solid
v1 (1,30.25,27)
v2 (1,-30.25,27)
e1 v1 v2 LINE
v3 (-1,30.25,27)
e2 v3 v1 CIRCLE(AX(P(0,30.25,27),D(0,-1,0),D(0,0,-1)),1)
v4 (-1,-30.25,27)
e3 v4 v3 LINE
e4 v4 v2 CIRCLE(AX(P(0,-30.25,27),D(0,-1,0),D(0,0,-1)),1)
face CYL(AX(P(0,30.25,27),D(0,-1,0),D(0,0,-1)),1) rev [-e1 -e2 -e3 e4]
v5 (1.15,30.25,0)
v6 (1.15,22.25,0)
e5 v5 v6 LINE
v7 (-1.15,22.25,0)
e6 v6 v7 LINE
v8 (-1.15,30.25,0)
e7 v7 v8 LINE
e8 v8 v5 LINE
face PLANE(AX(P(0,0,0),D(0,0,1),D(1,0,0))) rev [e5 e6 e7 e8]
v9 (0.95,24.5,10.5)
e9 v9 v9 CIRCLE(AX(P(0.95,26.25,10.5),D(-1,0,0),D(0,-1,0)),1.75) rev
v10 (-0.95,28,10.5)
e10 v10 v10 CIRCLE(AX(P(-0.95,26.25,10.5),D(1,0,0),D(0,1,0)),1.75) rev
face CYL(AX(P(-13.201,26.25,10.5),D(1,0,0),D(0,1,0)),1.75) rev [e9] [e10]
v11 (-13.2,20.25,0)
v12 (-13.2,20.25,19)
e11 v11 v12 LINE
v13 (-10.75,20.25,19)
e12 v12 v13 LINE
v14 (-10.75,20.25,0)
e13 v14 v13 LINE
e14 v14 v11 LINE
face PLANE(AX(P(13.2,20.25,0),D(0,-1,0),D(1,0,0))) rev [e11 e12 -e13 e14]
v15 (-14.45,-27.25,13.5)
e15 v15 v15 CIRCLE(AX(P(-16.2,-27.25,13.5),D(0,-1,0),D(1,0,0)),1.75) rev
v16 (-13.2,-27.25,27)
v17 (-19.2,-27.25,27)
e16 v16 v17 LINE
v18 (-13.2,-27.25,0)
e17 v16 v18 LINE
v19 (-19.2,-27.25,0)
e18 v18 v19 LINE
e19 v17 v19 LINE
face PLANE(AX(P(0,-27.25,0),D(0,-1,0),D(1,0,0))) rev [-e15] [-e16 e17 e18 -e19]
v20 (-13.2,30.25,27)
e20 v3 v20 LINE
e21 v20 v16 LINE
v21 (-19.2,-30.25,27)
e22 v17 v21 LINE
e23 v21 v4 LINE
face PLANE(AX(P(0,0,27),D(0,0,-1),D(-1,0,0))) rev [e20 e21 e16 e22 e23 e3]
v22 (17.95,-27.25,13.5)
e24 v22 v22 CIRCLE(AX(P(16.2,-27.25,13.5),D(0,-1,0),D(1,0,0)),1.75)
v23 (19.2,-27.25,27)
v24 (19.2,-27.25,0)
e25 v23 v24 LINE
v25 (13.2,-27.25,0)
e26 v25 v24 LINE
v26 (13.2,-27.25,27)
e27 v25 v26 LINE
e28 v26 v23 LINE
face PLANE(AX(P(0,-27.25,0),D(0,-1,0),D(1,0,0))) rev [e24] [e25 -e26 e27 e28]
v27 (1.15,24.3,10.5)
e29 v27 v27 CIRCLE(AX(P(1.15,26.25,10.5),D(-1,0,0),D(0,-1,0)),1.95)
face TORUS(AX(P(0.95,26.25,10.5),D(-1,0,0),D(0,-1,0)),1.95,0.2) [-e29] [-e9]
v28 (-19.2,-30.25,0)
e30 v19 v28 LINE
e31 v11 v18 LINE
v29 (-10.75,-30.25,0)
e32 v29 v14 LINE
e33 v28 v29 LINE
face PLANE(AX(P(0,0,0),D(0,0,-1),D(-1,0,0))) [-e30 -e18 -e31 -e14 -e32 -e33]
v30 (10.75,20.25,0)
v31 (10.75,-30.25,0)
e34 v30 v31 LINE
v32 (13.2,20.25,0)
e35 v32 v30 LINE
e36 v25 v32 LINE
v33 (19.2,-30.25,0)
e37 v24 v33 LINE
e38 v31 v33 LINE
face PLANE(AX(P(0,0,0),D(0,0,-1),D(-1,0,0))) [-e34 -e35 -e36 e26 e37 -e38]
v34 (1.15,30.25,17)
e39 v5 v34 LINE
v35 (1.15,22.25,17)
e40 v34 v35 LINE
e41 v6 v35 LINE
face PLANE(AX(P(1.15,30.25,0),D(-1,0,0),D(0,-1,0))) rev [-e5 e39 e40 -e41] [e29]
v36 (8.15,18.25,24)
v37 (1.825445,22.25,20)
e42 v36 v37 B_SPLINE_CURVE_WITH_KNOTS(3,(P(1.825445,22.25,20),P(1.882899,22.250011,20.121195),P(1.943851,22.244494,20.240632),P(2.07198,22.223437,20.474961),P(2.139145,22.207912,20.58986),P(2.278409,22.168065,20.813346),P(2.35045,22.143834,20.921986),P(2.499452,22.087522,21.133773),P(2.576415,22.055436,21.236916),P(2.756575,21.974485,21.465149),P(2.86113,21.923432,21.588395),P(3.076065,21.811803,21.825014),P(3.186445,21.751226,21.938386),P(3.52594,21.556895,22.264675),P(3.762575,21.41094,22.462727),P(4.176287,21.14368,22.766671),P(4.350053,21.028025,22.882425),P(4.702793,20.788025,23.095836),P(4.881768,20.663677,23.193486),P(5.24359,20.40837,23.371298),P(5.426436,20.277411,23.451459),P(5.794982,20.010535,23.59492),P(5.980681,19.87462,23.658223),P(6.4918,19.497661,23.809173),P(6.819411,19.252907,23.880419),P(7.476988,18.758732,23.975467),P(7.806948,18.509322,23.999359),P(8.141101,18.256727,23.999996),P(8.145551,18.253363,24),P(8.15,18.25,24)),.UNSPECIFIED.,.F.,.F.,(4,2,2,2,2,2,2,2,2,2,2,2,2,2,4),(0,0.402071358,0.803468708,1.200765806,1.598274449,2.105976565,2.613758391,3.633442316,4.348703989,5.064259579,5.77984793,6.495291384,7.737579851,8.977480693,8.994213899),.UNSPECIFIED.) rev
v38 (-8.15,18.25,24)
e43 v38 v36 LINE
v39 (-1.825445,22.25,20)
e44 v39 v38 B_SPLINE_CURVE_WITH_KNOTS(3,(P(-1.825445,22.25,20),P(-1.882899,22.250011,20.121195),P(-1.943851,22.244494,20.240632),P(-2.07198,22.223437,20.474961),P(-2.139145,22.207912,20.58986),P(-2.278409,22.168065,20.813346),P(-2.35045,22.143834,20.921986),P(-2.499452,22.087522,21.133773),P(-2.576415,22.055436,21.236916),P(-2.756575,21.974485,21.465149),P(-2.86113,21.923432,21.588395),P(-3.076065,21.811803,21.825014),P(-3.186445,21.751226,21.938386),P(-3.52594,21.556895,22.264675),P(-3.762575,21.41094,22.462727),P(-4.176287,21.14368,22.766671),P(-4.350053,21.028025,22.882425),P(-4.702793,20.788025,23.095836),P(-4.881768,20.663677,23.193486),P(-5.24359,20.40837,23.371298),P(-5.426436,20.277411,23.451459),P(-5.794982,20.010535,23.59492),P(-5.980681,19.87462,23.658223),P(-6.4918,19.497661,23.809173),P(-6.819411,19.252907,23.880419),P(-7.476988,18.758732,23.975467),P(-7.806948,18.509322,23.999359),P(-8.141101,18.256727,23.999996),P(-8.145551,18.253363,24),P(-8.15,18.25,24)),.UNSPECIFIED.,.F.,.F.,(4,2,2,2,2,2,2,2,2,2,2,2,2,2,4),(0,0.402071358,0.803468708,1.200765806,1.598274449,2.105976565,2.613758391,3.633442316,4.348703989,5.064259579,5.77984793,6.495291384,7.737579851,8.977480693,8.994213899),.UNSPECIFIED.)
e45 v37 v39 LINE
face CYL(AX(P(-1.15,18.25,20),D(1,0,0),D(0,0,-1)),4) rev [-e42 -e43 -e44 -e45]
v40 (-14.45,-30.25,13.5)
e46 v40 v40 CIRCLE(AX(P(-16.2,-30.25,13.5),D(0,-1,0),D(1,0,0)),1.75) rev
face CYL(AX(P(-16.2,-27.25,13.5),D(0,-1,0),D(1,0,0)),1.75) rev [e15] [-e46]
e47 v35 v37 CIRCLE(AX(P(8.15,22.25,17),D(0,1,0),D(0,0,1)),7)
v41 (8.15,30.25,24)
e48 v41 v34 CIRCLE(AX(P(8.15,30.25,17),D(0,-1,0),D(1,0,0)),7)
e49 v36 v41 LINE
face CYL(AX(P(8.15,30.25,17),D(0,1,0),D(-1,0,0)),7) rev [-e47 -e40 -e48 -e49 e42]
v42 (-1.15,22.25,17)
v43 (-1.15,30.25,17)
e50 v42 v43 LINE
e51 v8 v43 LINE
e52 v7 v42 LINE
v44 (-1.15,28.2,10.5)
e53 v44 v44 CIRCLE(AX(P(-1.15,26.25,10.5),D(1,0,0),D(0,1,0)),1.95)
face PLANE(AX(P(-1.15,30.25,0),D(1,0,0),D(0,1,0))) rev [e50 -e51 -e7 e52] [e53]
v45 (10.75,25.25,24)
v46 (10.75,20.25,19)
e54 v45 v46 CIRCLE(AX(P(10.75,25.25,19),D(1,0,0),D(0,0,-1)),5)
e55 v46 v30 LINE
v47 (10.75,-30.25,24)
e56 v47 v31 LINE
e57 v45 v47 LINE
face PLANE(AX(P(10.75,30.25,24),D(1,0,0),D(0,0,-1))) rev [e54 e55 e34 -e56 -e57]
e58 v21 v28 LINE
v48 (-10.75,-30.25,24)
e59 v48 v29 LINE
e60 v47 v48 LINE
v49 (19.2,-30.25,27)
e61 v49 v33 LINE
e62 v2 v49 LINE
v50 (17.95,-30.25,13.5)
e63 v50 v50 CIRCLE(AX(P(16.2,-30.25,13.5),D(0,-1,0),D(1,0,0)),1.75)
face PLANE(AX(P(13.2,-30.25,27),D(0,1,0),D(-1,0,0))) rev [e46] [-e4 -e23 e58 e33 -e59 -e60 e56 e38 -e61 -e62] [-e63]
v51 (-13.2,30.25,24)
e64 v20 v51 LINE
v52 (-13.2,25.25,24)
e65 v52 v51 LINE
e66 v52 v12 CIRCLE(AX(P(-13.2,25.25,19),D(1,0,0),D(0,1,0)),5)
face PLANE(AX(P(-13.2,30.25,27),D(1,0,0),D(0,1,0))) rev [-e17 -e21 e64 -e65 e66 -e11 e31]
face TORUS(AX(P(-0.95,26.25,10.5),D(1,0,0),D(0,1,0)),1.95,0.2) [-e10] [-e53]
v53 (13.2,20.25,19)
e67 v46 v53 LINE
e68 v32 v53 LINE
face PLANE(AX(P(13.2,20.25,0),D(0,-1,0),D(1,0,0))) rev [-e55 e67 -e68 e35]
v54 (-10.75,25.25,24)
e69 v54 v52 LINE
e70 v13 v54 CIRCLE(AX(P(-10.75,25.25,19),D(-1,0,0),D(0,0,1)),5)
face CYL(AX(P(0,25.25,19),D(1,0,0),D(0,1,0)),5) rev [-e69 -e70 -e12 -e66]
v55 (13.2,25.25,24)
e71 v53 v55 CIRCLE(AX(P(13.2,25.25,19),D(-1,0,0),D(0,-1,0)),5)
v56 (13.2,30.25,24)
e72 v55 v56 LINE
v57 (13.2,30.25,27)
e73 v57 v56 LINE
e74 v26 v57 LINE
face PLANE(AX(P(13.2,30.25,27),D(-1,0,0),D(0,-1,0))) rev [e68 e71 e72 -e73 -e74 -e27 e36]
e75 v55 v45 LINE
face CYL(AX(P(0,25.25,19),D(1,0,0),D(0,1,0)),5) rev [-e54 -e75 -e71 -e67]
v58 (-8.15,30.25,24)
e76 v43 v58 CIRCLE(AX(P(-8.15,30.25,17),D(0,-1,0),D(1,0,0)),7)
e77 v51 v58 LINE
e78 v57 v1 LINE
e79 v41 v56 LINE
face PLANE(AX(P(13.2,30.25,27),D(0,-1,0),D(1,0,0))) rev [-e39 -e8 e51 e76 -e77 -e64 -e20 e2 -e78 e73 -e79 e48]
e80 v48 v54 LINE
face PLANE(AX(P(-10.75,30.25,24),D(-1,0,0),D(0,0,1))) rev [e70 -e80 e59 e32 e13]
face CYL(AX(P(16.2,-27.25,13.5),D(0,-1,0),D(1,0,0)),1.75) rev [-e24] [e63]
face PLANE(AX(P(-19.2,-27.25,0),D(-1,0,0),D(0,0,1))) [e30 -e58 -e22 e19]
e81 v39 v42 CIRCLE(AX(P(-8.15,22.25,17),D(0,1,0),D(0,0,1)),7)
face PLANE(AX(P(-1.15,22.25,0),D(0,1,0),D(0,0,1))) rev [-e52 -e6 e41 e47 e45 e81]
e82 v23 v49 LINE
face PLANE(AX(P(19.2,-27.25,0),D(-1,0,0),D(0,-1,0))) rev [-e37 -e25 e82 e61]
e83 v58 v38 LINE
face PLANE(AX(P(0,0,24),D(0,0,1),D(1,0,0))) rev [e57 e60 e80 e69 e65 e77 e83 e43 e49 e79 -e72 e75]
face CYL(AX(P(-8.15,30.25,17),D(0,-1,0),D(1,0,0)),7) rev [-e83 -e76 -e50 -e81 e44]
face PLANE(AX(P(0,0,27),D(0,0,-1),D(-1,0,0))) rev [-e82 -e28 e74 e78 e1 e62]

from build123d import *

# Parameters (mm, degrees)
SKETCH_1_W          = 26.4
SKETCH_1_H          = 60.5
EXTRUDE_1_DEPTH     = 27
SKETCH_3_W          = 21.5
SKETCH_3_H          = 60.5
CUT_EXTRUDE_1_DEPTH = 24
SKETCH_4_W          = 24
SKETCH_4_H          = 10
CUT_EXTRUDE_2_DEPTH = 27.4
SKETCH_7_W          = 2.3
SKETCH_7_H          = 8
EXTRUDE_3_DEPTH     = 24
CUT_EXTRUDE_4_REACH = 16.35
SKETCH_9_R          = 1.75
FILLET_1_R          = 7
FILLET_2_R          = 7
FILLET_3_R          = 4
FILLET_4_R          = 0.2
FILLET_7_R          = 5
SKETCH_10_R         = 1
CUT_EXTRUDE_5_DEPTH = 61.5000001
SKETCH_11_W         = 6
SKETCH_11_H         = 27
SKETCH_11_R         = 1.75
EXTRUDE_4_DEPTH     = 3


with BuildPart() as part:
    # ｽｹｯﾁ1 → ﾎﾞｽ - 押し出し1 (new body)
    with BuildSketch(Plane.XY):
        Rectangle(SKETCH_1_W, SKETCH_1_H)
    extrude(amount=EXTRUDE_1_DEPTH)

    # ｽｹｯﾁ3 → ｶｯﾄ - 押し出し1 (cut)
    with BuildSketch(Plane(origin=(0, 0, 0), x_dir=(-1, 0, 0), z_dir=(0, 0, -1))):
        Rectangle(SKETCH_3_W, SKETCH_3_H)
    extrude(amount=-CUT_EXTRUDE_1_DEPTH, mode=Mode.SUBTRACT)

    # ｽｹｯﾁ4 → ｶｯﾄ - 押し出し2 (cut, through all)
    with BuildSketch(Plane.ZY.offset(13.2)):
        with Locations((12, 25.25)):
            Rectangle(SKETCH_4_W, SKETCH_4_H)
    extrude(amount=-CUT_EXTRUDE_2_DEPTH, mode=Mode.SUBTRACT)

    # ｽｹｯﾁ7 → ﾎﾞｽ - 押し出し3 (add)
    with BuildSketch(Plane(origin=(0, 0, 24), x_dir=(-1, 0, 0), z_dir=(0, 0, -1))):
        with Locations((0, 26.25)):
            Rectangle(SKETCH_7_W, SKETCH_7_H)
    extrude(amount=EXTRUDE_3_DEPTH)

    # ｽｹｯﾁ9 → ｶｯﾄ - 押し出し4 (cut, up to next)
    with BuildSketch(Plane(origin=(1.15, 0, 0), x_dir=(0, 0, -1), z_dir=(1, 0, 0)), mode=Mode.PRIVATE) as cut_extrude_4_sk1:
        with Locations((-10.5, 26.25)):
            Circle(SKETCH_9_R)
    cut_extrude_4_tool1 = extrude(cut_extrude_4_sk1.sketch, amount=-CUT_EXTRUDE_4_REACH, mode=Mode.PRIVATE) & part.part
    add(cut_extrude_4_tool1.solids().sort_by_distance((1.15, 26.25, 10.5))[0], mode=Mode.SUBTRACT)

    # ﾌｨﾚｯﾄ1
    fillet_1_edges = [part.edges().sort_by_distance(p)[0] for p in [
        (1.15, 26.25, 24),
    ]]
    fillet(fillet_1_edges, radius=FILLET_1_R)

    # ﾌｨﾚｯﾄ2
    fillet_2_edges = [part.edges().sort_by_distance(p)[0] for p in [
        (-1.15, 26.25, 24),
    ]]
    fillet(fillet_2_edges, radius=FILLET_2_R)

    # ﾌｨﾚｯﾄ3
    fillet_3_edges = [part.edges().sort_by_distance(p)[0] for p in [
        (0, 22.25, 24),
    ]]
    fillet(fillet_3_edges, radius=FILLET_3_R)

    # ﾌｨﾚｯﾄ4
    fillet_4_edges = [part.edges().sort_by_distance(p)[0] for p in [
        (1.15, 26.25, 12.25),
        (-1.15, 26.25, 12.25),
    ]]
    fillet(fillet_4_edges, radius=FILLET_4_R)

    # ﾌｨﾚｯﾄ7
    fillet_7_edges = [part.edges().sort_by_distance(p)[0] for p in [
        (11.975, 20.25, 24),
        (-11.975, 20.25, 24),
    ]]
    fillet(fillet_7_edges, radius=FILLET_7_R)

    # ｽｹｯﾁ10 → ｶｯﾄ - 押し出し5 (cut, through all)
    with BuildSketch(Plane(origin=(0, -30.25, 0), x_dir=(-1, 0, 0), z_dir=(0, -1, 0))):
        with Locations((0, -27)):
            Circle(SKETCH_10_R)
    extrude(amount=-CUT_EXTRUDE_5_DEPTH, mode=Mode.SUBTRACT)

    # ｽｹｯﾁ11 → ﾎﾞｽ - 押し出し4 (add)
    with BuildSketch(Plane(origin=(0, -30.25, 0), x_dir=(-1, 0, 0), z_dir=(0, -1, 0))):
        with Locations((-16.2, -13.5)):
            Rectangle(SKETCH_11_W, SKETCH_11_H)
        with Locations((-16.2, -13.5)):
            Circle(SKETCH_11_R, mode=Mode.SUBTRACT)
        with Locations((16.2, -13.5)):
            Rectangle(SKETCH_11_W, SKETCH_11_H)
        with Locations((16.2, -13.5)):
            Circle(SKETCH_11_R, mode=Mode.SUBTRACT)
    extrude(amount=-EXTRUDE_4_DEPTH)


solid = part.part
